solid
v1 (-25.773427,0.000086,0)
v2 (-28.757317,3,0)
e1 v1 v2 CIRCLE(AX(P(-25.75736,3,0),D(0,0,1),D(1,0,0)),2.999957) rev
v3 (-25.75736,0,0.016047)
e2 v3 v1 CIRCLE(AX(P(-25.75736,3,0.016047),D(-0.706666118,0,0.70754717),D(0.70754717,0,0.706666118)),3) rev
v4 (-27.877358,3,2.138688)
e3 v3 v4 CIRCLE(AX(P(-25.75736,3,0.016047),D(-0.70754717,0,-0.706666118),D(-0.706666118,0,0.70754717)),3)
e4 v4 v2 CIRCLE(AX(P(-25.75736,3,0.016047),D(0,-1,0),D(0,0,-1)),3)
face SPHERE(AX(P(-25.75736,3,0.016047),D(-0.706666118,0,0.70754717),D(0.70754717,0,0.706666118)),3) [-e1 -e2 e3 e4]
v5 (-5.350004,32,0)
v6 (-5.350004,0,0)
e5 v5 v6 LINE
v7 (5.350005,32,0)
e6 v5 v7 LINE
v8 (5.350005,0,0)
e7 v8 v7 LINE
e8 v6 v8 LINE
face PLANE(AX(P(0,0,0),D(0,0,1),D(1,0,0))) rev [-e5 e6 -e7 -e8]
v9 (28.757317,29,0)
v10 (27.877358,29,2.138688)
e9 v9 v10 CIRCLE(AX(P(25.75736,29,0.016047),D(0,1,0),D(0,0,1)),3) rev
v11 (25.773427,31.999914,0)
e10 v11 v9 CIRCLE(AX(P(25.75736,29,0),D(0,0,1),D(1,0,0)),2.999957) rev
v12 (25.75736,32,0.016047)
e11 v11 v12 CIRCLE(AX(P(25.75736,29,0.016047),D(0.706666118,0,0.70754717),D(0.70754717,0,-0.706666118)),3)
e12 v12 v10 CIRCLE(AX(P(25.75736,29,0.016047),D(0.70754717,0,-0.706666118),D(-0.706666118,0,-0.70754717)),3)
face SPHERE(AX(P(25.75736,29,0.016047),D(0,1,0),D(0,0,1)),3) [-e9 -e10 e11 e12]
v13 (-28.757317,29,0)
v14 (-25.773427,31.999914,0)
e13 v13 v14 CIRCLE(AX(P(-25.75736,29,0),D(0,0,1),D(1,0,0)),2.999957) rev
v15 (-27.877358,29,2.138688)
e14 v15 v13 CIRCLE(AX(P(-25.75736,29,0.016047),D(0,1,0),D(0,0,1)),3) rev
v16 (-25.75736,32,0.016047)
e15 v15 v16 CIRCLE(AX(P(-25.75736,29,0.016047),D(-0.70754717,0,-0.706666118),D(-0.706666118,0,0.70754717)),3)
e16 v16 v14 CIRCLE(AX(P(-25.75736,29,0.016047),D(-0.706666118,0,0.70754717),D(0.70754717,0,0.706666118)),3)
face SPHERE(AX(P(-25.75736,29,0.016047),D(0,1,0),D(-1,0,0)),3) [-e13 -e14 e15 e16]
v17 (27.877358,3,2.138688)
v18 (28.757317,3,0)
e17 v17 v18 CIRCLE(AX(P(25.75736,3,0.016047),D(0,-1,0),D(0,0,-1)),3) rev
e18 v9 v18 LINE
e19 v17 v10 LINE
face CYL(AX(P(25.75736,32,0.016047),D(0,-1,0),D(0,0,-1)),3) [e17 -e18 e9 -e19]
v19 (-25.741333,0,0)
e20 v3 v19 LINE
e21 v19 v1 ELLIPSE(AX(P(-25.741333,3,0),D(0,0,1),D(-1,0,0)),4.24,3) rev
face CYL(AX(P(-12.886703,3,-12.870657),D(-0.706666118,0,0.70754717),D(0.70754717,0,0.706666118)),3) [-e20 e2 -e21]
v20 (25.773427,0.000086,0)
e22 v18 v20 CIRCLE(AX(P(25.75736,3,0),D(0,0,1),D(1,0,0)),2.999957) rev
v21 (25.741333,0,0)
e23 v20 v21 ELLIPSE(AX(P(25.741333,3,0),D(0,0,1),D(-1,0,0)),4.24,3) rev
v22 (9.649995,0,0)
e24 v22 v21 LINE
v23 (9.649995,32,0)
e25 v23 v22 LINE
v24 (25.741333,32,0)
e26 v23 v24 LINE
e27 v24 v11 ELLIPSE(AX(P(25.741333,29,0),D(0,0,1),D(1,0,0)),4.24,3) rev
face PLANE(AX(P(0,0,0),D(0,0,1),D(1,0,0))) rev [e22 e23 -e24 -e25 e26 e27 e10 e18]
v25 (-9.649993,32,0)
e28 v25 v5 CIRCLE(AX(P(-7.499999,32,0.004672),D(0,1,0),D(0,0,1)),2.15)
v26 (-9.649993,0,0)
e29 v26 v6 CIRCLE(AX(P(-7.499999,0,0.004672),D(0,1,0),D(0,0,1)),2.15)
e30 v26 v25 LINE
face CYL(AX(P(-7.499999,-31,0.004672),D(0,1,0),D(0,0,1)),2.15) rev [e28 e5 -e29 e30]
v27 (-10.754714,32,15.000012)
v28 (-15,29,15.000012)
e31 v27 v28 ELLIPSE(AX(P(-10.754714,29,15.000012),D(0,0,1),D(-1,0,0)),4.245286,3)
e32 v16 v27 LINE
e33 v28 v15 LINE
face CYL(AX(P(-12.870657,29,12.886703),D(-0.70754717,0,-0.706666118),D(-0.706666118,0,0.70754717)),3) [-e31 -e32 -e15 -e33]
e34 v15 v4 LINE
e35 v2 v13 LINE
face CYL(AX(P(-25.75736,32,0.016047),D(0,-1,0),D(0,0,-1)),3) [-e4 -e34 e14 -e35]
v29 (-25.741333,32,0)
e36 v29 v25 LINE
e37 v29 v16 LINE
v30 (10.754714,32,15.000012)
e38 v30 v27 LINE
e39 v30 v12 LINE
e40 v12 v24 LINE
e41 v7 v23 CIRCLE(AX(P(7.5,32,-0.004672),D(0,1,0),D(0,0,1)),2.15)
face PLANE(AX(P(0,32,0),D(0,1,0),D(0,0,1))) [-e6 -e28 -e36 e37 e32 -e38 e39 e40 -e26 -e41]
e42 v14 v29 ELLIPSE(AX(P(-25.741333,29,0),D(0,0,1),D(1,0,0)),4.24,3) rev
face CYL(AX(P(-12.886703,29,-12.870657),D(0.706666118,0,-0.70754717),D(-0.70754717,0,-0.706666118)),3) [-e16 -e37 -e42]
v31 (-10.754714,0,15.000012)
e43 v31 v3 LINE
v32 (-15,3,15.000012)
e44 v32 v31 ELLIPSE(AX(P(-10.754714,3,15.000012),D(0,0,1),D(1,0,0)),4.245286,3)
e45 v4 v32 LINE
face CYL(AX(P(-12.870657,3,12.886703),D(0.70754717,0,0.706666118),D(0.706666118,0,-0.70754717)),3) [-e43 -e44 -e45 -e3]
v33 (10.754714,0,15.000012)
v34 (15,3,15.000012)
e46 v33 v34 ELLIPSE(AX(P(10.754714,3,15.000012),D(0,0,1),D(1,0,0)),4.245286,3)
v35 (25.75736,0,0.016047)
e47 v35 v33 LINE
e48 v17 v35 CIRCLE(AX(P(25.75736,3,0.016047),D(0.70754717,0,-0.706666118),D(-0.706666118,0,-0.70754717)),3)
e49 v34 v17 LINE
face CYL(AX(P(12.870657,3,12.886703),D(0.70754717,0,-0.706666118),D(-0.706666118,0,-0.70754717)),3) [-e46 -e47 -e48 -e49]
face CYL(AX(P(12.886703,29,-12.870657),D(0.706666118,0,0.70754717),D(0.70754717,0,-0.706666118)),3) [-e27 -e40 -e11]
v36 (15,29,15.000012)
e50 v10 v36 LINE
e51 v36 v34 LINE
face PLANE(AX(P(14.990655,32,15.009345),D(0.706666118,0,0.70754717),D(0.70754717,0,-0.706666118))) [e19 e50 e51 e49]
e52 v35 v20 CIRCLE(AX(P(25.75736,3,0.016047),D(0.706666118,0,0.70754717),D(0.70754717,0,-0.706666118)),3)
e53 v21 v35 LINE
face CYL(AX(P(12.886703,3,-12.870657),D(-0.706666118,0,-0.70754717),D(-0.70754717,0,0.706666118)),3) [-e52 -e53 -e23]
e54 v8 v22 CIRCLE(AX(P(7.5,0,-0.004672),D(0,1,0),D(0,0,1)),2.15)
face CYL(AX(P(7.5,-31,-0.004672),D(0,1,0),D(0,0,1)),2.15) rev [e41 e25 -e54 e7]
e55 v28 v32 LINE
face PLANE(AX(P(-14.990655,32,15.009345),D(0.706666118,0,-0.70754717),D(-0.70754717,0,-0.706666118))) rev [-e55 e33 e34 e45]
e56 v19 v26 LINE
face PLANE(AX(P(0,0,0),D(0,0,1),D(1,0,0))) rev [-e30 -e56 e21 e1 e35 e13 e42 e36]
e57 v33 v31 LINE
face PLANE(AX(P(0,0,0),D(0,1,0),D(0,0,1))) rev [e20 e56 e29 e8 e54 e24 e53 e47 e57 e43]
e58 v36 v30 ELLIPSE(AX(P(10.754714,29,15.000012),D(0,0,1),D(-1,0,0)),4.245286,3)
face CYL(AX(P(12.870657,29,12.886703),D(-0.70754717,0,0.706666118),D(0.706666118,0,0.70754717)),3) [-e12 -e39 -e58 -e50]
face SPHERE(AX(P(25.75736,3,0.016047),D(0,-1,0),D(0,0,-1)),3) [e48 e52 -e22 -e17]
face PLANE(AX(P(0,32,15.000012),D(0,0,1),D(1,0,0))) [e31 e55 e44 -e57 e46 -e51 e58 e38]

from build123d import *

# Parameters (mm, degrees)
SKETCH1_W           = 30
SKETCH1_H           = 30.000023288
BOSS_EXTRUDE2_DEPTH = 32
FILLET1_R           = 3
SKETCH3_R           = 2.15
CUT_EXTRUDE1_DEPTH  = 63
SKETCH5_W           = 78.057106385
SKETCH5_H           = 38.470116024
CUT_EXTRUDE2_DEPTH  = 63


with BuildPart() as part:
    # Sketch1 → Boss-Extrude2 (new body)
    with BuildSketch(Plane(origin=(0, 0, 0), x_dir=(1, 0, 0), z_dir=(0, 1, 0))):
        Polygon((-15, 15.000011644), (-15, -15.000011644), (-30, -0.01868994), align=None)
        Rectangle(SKETCH1_W, SKETCH1_H)
        Polygon((30, -0.01868994), (15, -15.000011644), (15, 15.000011644), align=None)
    extrude(amount=BOSS_EXTRUDE2_DEPTH)

    # Fillet1
    fillet1_edges = [part.edges().sort_by_distance(p)[0] for p in [
        (-22.5, 0, 7.509350792),
        (-30, 16, 0.01868994),
        (30, 16, 0.01868994),
        (22.5, 32, 7.509350792),
        (22.5, 32, -7.490660852),
        (-22.5, 32, -7.490660852),
        (-22.5, 32, 7.509350792),
        (-22.5, 0, -7.490660852),
        (22.5, 0, -7.490660852),
        (22.5, 0, 7.509350792),
    ]]
    fillet(fillet1_edges, radius=FILLET1_R)

    # Sketch3 → Cut-Extrude1 (cut)
    with BuildSketch(Plane(origin=(0, 32, 0), x_dir=(1, 0, 0), z_dir=(0, 1, 0))):
        with Locations(Location((-7.499998545, -0.004672484, 0), (0, 0, 270))):
            Circle(SKETCH3_R)
        with Locations(Location((7.5, 0.004672485, 0), (0, 0, 270))):
            Circle(SKETCH3_R)
    extrude(amount=-CUT_EXTRUDE1_DEPTH, mode=Mode.SUBTRACT)

    # Sketch5 → Cut-Extrude2 (cut)
    with BuildSketch(Plane.XY):
        with Locations((3.040380137, 18.388870108)):
            Rectangle(SKETCH5_W, SKETCH5_H)
    extrude(amount=-CUT_EXTRUDE2_DEPTH, mode=Mode.SUBTRACT)


solid = part.part
